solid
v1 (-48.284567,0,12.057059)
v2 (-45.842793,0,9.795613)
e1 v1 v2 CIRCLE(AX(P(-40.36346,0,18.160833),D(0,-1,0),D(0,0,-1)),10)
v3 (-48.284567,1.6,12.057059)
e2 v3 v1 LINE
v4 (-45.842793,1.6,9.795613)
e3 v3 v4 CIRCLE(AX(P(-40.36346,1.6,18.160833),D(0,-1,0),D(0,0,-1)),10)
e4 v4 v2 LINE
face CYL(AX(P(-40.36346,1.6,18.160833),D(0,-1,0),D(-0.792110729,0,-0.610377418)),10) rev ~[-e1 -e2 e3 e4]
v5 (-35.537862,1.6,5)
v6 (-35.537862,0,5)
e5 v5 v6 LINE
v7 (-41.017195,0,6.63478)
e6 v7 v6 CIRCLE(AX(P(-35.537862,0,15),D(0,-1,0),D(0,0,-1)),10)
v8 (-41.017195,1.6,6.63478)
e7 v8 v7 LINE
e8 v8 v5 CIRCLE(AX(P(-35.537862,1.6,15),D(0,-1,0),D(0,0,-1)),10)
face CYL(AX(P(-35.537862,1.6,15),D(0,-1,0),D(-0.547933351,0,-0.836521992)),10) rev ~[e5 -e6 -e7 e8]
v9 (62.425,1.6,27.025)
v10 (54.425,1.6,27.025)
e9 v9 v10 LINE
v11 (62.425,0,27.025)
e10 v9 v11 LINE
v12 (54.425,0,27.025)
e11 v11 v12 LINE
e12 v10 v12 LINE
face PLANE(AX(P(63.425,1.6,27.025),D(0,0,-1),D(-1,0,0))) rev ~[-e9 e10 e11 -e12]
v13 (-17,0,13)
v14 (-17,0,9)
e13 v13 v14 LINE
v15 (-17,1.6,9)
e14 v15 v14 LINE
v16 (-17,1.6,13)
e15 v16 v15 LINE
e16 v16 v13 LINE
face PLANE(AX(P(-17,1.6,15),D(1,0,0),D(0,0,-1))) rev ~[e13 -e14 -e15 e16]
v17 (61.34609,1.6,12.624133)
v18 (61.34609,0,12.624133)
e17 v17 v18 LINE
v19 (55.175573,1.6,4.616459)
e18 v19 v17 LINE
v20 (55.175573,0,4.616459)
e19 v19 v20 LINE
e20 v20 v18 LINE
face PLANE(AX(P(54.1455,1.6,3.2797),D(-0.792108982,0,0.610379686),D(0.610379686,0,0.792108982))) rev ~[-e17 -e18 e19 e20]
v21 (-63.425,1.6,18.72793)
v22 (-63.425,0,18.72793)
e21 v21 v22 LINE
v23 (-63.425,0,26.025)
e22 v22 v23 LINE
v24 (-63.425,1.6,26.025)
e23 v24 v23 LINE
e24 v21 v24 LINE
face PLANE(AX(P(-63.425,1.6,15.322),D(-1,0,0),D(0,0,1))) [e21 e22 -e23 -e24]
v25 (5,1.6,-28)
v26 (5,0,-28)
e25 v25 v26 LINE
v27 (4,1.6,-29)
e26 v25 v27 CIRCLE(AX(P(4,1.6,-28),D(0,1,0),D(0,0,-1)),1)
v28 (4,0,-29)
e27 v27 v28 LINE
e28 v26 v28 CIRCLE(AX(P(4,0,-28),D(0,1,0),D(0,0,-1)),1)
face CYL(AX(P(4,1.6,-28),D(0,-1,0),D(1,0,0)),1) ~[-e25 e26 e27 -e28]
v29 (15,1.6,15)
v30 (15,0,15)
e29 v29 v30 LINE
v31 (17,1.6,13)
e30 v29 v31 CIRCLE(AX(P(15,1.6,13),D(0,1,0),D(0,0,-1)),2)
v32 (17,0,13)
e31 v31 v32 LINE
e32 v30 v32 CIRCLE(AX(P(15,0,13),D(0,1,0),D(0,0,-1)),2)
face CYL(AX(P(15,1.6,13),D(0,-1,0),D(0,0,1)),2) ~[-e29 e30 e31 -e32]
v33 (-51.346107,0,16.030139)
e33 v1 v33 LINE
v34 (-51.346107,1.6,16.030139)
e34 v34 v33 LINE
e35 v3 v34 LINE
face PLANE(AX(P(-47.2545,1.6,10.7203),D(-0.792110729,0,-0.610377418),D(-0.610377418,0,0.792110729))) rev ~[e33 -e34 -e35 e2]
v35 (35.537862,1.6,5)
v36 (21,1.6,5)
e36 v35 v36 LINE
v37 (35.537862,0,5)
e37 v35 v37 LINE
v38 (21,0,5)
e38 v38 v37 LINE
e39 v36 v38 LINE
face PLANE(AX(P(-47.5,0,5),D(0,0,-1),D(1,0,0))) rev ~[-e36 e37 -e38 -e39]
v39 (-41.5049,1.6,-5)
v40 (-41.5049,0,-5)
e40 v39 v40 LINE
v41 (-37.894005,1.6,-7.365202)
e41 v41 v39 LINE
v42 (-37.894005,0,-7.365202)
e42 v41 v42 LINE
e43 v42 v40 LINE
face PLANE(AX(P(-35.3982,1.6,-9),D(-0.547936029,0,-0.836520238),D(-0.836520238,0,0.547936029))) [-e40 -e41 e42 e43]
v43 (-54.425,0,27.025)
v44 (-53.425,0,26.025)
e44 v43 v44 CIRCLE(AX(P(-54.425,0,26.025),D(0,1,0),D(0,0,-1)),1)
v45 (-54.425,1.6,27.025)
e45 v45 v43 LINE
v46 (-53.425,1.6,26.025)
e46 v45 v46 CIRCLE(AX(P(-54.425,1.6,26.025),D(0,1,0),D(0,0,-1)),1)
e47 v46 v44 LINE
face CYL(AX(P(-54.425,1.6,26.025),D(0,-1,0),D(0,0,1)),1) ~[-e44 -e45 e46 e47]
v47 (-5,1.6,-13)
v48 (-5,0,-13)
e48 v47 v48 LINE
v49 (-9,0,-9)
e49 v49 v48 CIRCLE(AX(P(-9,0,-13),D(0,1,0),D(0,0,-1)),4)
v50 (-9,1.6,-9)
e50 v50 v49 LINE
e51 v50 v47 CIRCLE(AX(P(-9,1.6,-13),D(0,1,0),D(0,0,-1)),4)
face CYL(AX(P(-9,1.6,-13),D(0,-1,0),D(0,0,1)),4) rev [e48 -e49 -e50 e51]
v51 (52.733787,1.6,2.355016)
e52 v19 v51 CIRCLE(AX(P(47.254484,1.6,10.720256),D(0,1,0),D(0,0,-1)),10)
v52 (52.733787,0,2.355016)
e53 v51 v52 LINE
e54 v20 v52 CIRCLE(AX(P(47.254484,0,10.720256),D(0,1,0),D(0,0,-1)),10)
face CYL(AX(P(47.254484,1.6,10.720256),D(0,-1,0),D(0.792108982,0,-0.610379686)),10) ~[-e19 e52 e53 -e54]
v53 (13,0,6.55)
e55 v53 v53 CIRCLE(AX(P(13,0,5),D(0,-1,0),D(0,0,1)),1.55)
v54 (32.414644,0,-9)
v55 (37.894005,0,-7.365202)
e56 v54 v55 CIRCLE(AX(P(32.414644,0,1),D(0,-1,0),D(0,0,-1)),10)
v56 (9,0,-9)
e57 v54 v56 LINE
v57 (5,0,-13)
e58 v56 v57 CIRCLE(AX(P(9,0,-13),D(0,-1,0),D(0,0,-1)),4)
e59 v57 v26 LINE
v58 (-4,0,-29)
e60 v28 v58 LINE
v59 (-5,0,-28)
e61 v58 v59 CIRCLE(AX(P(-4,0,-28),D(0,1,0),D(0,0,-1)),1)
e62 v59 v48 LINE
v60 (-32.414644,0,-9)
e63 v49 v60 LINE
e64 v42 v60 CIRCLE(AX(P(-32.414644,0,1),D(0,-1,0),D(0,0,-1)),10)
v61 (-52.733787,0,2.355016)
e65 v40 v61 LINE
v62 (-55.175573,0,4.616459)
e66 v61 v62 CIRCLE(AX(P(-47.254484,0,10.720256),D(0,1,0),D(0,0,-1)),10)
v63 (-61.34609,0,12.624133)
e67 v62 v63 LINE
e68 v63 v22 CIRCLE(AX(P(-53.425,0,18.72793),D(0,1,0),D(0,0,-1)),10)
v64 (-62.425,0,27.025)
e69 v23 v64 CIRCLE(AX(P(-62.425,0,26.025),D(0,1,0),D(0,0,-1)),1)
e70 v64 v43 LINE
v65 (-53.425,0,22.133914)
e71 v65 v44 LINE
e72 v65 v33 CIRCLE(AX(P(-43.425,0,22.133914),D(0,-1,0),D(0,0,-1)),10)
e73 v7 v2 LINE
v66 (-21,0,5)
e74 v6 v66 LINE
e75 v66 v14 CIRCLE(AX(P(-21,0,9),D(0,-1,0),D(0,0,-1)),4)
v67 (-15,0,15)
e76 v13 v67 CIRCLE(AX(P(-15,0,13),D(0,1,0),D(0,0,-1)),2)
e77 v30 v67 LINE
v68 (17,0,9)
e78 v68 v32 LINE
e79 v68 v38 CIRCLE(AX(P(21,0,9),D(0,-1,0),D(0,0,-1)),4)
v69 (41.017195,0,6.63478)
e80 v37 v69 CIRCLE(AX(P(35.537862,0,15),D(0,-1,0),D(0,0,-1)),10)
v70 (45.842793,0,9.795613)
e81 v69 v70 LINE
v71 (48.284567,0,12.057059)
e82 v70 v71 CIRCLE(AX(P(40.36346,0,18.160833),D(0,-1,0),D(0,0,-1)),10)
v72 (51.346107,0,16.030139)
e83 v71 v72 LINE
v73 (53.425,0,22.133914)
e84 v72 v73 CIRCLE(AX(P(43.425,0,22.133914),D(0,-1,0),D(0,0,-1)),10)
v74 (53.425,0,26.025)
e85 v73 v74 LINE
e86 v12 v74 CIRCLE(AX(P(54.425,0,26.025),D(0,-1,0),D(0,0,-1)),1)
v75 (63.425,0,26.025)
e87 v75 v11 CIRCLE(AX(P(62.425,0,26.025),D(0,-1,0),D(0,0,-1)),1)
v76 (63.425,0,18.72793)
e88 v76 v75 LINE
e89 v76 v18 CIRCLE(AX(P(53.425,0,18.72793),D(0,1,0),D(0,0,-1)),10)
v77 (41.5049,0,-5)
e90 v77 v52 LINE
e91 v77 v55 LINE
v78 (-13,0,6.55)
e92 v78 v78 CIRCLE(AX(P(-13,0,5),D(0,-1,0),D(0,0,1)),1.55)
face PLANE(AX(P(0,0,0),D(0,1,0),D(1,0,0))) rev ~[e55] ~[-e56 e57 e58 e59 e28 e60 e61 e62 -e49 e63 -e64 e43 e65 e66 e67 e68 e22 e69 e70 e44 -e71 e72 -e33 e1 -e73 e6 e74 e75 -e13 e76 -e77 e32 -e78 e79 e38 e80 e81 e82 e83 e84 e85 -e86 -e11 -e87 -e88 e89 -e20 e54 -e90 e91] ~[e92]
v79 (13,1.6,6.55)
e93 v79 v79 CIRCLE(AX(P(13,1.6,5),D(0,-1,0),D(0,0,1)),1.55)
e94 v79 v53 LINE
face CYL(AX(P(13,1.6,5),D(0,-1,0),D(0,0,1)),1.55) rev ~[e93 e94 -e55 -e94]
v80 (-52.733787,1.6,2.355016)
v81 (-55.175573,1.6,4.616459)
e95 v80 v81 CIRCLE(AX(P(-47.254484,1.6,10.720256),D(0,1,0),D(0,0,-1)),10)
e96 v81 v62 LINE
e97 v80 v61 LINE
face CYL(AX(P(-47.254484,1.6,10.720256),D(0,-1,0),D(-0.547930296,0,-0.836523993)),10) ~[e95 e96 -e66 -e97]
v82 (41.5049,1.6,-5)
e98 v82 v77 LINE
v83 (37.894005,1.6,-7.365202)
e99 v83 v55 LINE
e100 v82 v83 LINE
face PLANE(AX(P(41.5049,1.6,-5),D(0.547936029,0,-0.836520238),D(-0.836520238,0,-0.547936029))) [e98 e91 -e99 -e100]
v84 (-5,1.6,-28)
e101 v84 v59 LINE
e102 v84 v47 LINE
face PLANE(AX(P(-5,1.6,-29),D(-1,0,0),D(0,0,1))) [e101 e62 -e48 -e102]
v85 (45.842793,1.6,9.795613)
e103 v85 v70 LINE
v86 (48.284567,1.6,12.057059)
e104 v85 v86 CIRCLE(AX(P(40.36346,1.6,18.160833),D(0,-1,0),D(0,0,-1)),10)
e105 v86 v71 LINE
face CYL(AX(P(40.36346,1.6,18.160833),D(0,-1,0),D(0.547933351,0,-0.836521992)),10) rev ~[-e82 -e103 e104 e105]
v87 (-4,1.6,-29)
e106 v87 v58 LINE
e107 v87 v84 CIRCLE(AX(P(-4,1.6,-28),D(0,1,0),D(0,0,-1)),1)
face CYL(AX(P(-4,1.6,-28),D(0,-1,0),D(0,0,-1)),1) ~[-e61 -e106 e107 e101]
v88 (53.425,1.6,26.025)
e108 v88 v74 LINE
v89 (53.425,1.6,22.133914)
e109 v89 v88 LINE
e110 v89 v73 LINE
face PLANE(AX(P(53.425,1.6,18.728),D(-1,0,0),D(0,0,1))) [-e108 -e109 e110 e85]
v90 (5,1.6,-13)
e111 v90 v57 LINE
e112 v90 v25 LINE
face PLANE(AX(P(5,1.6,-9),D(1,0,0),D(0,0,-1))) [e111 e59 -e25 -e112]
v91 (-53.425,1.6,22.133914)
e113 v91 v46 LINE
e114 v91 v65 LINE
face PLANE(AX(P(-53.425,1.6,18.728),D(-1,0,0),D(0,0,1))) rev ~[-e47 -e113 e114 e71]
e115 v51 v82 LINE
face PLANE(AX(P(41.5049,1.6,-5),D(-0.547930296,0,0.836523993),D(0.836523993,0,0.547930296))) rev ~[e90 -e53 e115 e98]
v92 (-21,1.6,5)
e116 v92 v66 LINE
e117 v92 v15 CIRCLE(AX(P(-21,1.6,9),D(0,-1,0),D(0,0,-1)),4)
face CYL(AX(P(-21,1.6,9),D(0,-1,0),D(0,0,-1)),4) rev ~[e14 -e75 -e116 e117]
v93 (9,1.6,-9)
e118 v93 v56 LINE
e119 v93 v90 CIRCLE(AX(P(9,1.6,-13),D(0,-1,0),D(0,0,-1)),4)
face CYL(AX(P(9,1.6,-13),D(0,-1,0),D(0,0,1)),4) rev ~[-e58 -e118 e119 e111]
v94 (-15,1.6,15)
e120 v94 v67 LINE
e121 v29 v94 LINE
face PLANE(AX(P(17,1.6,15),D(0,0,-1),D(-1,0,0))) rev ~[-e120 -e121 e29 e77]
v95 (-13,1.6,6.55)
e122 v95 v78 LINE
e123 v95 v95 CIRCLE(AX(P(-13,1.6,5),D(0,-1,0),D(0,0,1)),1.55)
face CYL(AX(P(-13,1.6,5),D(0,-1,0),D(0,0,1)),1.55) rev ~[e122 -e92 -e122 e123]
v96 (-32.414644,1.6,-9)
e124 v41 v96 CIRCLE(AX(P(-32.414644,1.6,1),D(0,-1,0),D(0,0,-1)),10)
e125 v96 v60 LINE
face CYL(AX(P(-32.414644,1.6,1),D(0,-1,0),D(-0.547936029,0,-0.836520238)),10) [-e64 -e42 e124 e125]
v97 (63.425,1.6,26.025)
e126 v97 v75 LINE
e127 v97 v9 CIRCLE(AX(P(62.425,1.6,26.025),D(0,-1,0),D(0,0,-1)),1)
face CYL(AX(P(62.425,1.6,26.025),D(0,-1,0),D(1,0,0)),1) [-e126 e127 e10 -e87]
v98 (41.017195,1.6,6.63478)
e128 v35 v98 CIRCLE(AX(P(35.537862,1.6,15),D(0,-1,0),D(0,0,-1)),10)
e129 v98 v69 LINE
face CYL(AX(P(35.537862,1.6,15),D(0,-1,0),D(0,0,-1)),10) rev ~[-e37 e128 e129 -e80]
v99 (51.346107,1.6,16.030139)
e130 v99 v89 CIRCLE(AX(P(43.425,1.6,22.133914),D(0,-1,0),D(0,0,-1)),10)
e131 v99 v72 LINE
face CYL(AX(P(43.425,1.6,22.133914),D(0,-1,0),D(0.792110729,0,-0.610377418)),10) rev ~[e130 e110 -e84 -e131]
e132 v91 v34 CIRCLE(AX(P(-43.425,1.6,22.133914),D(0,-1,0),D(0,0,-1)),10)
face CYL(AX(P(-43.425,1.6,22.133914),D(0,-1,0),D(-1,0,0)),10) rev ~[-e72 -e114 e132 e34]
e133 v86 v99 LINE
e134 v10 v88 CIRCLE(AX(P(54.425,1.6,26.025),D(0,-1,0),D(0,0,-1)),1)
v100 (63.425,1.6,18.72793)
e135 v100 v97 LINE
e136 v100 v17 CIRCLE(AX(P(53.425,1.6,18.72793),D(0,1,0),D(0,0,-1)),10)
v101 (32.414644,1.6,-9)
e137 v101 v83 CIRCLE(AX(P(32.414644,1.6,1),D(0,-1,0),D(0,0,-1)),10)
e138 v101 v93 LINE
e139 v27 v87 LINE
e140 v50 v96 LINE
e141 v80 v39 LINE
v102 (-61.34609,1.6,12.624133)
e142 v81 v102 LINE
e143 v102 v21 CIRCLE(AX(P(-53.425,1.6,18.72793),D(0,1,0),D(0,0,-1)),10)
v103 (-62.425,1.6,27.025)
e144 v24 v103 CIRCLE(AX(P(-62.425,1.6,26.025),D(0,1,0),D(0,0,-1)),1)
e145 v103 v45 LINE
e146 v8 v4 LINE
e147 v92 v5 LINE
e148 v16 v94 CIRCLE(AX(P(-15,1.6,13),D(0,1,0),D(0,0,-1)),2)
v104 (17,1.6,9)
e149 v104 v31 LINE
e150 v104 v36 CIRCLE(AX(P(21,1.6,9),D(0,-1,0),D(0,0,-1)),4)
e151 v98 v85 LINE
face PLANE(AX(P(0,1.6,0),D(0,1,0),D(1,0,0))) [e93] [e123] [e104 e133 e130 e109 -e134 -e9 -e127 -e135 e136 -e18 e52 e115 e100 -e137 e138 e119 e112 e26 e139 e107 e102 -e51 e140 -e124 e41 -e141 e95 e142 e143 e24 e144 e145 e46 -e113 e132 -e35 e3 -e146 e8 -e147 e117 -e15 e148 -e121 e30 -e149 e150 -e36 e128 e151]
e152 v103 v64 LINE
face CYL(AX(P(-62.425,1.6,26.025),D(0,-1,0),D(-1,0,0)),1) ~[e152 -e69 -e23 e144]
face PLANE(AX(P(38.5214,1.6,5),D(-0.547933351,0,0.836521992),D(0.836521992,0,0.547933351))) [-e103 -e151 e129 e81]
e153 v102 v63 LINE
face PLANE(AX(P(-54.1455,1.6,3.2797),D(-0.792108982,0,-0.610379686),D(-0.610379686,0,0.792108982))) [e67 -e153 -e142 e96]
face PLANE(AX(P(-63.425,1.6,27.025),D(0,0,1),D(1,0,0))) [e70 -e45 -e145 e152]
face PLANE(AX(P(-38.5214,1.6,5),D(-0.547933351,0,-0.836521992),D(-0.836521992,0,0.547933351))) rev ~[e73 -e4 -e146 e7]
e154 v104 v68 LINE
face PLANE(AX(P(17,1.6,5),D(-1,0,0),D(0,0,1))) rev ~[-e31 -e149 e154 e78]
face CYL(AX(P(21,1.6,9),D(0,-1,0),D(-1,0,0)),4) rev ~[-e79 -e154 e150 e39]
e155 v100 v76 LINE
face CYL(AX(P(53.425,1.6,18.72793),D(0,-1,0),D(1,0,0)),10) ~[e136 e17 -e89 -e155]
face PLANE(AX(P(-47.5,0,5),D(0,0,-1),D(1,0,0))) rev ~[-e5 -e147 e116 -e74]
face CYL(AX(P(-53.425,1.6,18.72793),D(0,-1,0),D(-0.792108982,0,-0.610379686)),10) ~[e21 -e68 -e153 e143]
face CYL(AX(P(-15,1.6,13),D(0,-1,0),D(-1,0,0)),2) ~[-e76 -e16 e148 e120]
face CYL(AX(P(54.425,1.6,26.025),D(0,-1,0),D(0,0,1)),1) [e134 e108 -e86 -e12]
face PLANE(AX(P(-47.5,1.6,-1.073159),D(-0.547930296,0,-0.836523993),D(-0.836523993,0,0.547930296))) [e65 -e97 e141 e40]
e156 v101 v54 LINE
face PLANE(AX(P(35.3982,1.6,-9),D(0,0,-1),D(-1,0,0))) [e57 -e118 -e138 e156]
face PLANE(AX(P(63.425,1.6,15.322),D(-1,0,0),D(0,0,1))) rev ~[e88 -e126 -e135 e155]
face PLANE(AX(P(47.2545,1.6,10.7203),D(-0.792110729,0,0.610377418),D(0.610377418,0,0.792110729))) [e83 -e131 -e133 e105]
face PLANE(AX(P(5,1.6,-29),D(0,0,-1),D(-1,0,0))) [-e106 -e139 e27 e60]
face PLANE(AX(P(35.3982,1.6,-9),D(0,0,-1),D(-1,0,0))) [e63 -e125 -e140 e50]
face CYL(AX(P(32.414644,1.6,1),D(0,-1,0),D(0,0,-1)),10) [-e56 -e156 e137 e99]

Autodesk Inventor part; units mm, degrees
ref_plane "YZ Plane" through (0, 0, 0) normal (1, 0, 0) x (0, 1, 0)
ref_plane "XZ Plane" through (0, 0, 0) normal (0, 1, 0) x (-1, 0, 0)
ref_plane "XY Plane" through (0, 0, 0) normal (0, 0, 1) x (1, 0, 0)
sketch "Szkic2" plane through (0, 0, 0) normal (0, 1, 0) x (-1, 0, 0)
  line L0 (47.5, 5) -> (-47.5, 5)
  line L1 (-47.5, 5) -> (-47.5, -5)
  line L2 (-47.5, -5) -> (47.5, -5)
  line L3 (47.5, -5) -> (47.5, 5)
  line L4 (47.5, 5) -> (-47.5, -5) construction
  line L5 (-47.5, 5) -> (47.5, -5) construction
  line L6 (0, 24) -> (0, -27)
  point P0 (0, 0)
  dimension "d10" = 10
  dimension "d11" = 95
extrude "Wyciągnięcie proste2" add sketch "Szkic2" along normal blind 1.6
sketch "Szkic3" plane through (0, 1.6, 0) normal (0, 1, 0) x (1, 0, 0)
  line L0 (-47.5, -5) -> (47.5, -5) projected
  line L1 (47.5, -5) -> (47.5, 5) projected
  line L2 (47.5, 5) -> (-47.5, 5) projected
  line L3 (-47.5, 5) -> (-47.5, -5) projected
  line L4 (52, -8.65) -> (49.4, -5.35) construction
  line L5 (59.75, -18.7) -> (57.1, -15.35) construction
  line L6 (41.3, -1.65) -> (38.65, 1.7) construction
  line L7 (58.425, -17.025) -> (50.7, -7) construction
  line L8 (39.975, 0.025) -> (50.7, -7) construction
  line L9 (58.425, -17.025) -> (58.425, -30) construction
  line L10 (38.5214, -5) -> (47.2545, -10.7203)
  line L11 (47.2545, -10.7203) -> (53.425, -18.728)
  line L12 (53.425, -18.728) -> (53.425, -27.025)
  line L13 (41.5049, 5) -> (54.1455, -3.2797)
  line L14 (54.1455, -3.2797) -> (63.425, -15.322)
  line L15 (63.425, -15.322) -> (63.425, -27.025)
  line L16 (63.425, -27.025) -> (53.425, -27.025)
  line L17 (0, -5) -> (0, 20.232)
  line L18 (-38.5214, -5) -> (-47.2545, -10.7203)
  line L19 (-47.2545, -10.7203) -> (-53.425, -18.728)
  line L20 (-53.425, -18.728) -> (-53.425, -27.025)
  line L21 (-41.5049, 5) -> (-54.1455, -3.2797)
  line L22 (-54.1455, -3.2797) -> (-63.425, -15.322)
  line L23 (-63.425, -15.322) -> (-63.425, -27.025)
  line L24 (-63.425, -27.025) -> (-53.425, -27.025)
  point P0 (0, 0)
  point P1 (-47.5, 1.0732)
  point P2 (47.5, 1.0732)
  dimension "d17" = 5
  dimension "d18" = 5
  dimension "d19" = 10
extrude "Wyciągnięcie proste3" add sketch "Szkic3" against normal up to surface (1.6 mm away) contours L0 L18 L19 L20 L24 L23 L22 L21 L3 | L0 L1 L13 L14 L15 L16 L12 L11 L10
extrude "Wyciągnięcie proste4" cut sketch "Szkic3" against normal through all contours L3 L2 L21 | L2 L1 L13
sketch "Szkic4" plane through (0, 1.6, 0) normal (0, 1, 0) x (1, 0, 0)
  line L0 (-41.5049, 5) -> (-54.1455, -3.2797) projected
  line L1 (-54.1455, -3.2797) -> (-63.425, -15.322) projected
  line L2 (-63.425, -15.322) -> (-63.425, -27.025) projected
  line L3 (-63.425, -27.025) -> (-53.425, -27.025) projected
  line L4 (-53.425, -27.025) -> (-53.425, -18.728) projected
  line L5 (-53.425, -18.728) -> (-47.2545, -10.7203) projected
  line L6 (-47.2545, -10.7203) -> (-38.5214, -5) projected
  line L7 (-38.5214, -5) -> (38.5214, -5) projected
  line L8 (38.5214, -5) -> (47.2545, -10.7203) projected
  line L9 (47.2545, -10.7203) -> (53.425, -18.728) projected
  line L10 (53.425, -18.728) -> (53.425, -27.025) projected
  line L11 (53.425, -27.025) -> (63.425, -27.025) projected
  line L12 (63.425, -27.025) -> (63.425, -15.322) projected
  line L13 (63.425, -15.322) -> (54.1455, -3.2797) projected
  line L14 (54.1455, -3.2797) -> (41.5049, 5) projected
  line L15 (41.5049, 5) -> (-41.5049, 5) projected
  line L16 (41.5049, 5) -> (35.3982, 9)
  line L17 (35.3982, 9) -> (-35.3982, 9)
  line L18 (-35.3982, 9) -> (-41.5049, 5)
  point P0 (0, 0)
  dimension "d24" = 4
extrude "Wyciągnięcie proste5" add sketch "Szkic4" against normal up to surface (1.6 mm away) contours L18 L17 L16 L15
sketch "Szkic5" plane through (0, 1.6, 0) normal (0, 1, 0) x (1, 0, 0)
  line L0 (-35.3982, 9) -> (-54.1455, -3.2797) projected
  line L1 (-54.1455, -3.2797) -> (-63.425, -15.322) projected
  line L2 (-63.425, -15.322) -> (-63.425, -27.025) projected
  line L3 (-63.425, -27.025) -> (-53.425, -27.025) projected
  line L4 (-53.425, -27.025) -> (-53.425, -18.728) projected
  line L5 (-53.425, -18.728) -> (-47.2545, -10.7203) projected
  line L6 (-47.2545, -10.7203) -> (-38.5214, -5) projected
  line L7 (-38.5214, -5) -> (38.5214, -5) projected
  line L8 (38.5214, -5) -> (47.2545, -10.7203) projected
  line L9 (47.2545, -10.7203) -> (53.425, -18.728) projected
  line L10 (53.425, -18.728) -> (53.425, -27.025) projected
  line L11 (53.425, -27.025) -> (63.425, -27.025) projected
  line L12 (63.425, -27.025) -> (63.425, -15.322) projected
  line L13 (63.425, -15.322) -> (54.1455, -3.2797) projected
  line L14 (54.1455, -3.2797) -> (35.3982, 9) projected
  line L15 (35.3982, 9) -> (-35.3982, 9) projected
  line L16 (-17, -5) -> (17, -5)
  line L17 (17, -5) -> (17, -15)
  line L18 (17, -15) -> (-17, -15)
  line L19 (-17, -15) -> (-17, -5)
  point P0 (0, 0)
  point P1 (0, -5)
  point P2 (0, 0)
  point P3 (0, -5)
  point P4 (0, -5)
  dimension "d27" = 34
  dimension "d28" = 10
extrude "Wyciągnięcie proste6" add sketch "Szkic5" against normal up to surface (1.6 mm away) contours L7 L17 L18 L19
fillet "Zaokrąglenie1" radius 10 12 edges at (-63.425, 0.8, 15.322) (-54.1455, 0.8, 3.2797) (-35.3982, 0.8, -9) (35.3982, 0.8, -9) (54.1455, 0.8, 3.2797) (63.425, 0.8, 15.322) (-53.425, 0.8, 18.728) (-47.2545, 0.8, 10.7203) (-38.5214, 0.8, 5) (38.5214, 0.8, 5) (47.2545, 0.8, 10.7203) (53.425, 0.8, 18.728)
fillet "Zaokrąglenie2" radius 4 2 edges at (-17, 0.8, 5) (17, 0.8, 5)
fillet "Zaokrąglenie3" radius 2 2 edges at (17, 0.8, 15) (-17, 0.8, 15)
sketch "Szkic6" plane through (0, 1.6, 0) normal (0, 1, 0) x (1, 0, 0)
  line L0 (32.4146, 9) -> (-32.4146, 9) projected
  line L1 (-5, 9) -> (5, 9)
  line L2 (5, 9) -> (5, 29)
  line L3 (5, 29) -> (-5, 29)
  line L4 (-5, 29) -> (-5, 9)
  point P0 (0, 0)
  point P1 (0, 9)
  point P2 (0, 9)
  dimension "d34" = 10
  dimension "d35" = 20
extrude "Wyciągnięcie proste7" add sketch "Szkic6" against normal up to surface (1.6 mm away)
fillet "Zaokrąglenie4" radius 4 2 edges at (5, 0.8, -9) (-5, 0.8, -9)
fillet "Zaokrąglenie5" radius 1 2 edges at (5, 0.8, -29) (-5, 0.8, -29)
fillet "Zaokrąglenie6" radius 1 4 edges at (-63.425, 0.8, 27.025) (-53.425, 0.8, 27.025) (53.425, 0.8, 27.025) (63.425, 0.8, 27.025)
sketch "Szkic7" plane through (0, 1.6, 0) normal (0, 1, 0) x (1, 0, 0)
  line L0 (-15, -15) -> (15, -15) projected
  line L1 (17, -13) -> (17, -9) projected
  line L2 (-17, -9) -> (-17, -13) projected
  point P0 (0, 0)
  point P1 (-13, -5)
  point P2 (13, -5)
  dimension "d41" = 10
  dimension "d42" = 10
  dimension "d43" = 4
  dimension "d44" = 4
hole "Otwór1" at (-13, 1.6, 5) at (13, 1.6, 5) direction (0, -1, 0) diameter 3.1 depth 15 tip angle 118
properties part number "przód V2.0"
